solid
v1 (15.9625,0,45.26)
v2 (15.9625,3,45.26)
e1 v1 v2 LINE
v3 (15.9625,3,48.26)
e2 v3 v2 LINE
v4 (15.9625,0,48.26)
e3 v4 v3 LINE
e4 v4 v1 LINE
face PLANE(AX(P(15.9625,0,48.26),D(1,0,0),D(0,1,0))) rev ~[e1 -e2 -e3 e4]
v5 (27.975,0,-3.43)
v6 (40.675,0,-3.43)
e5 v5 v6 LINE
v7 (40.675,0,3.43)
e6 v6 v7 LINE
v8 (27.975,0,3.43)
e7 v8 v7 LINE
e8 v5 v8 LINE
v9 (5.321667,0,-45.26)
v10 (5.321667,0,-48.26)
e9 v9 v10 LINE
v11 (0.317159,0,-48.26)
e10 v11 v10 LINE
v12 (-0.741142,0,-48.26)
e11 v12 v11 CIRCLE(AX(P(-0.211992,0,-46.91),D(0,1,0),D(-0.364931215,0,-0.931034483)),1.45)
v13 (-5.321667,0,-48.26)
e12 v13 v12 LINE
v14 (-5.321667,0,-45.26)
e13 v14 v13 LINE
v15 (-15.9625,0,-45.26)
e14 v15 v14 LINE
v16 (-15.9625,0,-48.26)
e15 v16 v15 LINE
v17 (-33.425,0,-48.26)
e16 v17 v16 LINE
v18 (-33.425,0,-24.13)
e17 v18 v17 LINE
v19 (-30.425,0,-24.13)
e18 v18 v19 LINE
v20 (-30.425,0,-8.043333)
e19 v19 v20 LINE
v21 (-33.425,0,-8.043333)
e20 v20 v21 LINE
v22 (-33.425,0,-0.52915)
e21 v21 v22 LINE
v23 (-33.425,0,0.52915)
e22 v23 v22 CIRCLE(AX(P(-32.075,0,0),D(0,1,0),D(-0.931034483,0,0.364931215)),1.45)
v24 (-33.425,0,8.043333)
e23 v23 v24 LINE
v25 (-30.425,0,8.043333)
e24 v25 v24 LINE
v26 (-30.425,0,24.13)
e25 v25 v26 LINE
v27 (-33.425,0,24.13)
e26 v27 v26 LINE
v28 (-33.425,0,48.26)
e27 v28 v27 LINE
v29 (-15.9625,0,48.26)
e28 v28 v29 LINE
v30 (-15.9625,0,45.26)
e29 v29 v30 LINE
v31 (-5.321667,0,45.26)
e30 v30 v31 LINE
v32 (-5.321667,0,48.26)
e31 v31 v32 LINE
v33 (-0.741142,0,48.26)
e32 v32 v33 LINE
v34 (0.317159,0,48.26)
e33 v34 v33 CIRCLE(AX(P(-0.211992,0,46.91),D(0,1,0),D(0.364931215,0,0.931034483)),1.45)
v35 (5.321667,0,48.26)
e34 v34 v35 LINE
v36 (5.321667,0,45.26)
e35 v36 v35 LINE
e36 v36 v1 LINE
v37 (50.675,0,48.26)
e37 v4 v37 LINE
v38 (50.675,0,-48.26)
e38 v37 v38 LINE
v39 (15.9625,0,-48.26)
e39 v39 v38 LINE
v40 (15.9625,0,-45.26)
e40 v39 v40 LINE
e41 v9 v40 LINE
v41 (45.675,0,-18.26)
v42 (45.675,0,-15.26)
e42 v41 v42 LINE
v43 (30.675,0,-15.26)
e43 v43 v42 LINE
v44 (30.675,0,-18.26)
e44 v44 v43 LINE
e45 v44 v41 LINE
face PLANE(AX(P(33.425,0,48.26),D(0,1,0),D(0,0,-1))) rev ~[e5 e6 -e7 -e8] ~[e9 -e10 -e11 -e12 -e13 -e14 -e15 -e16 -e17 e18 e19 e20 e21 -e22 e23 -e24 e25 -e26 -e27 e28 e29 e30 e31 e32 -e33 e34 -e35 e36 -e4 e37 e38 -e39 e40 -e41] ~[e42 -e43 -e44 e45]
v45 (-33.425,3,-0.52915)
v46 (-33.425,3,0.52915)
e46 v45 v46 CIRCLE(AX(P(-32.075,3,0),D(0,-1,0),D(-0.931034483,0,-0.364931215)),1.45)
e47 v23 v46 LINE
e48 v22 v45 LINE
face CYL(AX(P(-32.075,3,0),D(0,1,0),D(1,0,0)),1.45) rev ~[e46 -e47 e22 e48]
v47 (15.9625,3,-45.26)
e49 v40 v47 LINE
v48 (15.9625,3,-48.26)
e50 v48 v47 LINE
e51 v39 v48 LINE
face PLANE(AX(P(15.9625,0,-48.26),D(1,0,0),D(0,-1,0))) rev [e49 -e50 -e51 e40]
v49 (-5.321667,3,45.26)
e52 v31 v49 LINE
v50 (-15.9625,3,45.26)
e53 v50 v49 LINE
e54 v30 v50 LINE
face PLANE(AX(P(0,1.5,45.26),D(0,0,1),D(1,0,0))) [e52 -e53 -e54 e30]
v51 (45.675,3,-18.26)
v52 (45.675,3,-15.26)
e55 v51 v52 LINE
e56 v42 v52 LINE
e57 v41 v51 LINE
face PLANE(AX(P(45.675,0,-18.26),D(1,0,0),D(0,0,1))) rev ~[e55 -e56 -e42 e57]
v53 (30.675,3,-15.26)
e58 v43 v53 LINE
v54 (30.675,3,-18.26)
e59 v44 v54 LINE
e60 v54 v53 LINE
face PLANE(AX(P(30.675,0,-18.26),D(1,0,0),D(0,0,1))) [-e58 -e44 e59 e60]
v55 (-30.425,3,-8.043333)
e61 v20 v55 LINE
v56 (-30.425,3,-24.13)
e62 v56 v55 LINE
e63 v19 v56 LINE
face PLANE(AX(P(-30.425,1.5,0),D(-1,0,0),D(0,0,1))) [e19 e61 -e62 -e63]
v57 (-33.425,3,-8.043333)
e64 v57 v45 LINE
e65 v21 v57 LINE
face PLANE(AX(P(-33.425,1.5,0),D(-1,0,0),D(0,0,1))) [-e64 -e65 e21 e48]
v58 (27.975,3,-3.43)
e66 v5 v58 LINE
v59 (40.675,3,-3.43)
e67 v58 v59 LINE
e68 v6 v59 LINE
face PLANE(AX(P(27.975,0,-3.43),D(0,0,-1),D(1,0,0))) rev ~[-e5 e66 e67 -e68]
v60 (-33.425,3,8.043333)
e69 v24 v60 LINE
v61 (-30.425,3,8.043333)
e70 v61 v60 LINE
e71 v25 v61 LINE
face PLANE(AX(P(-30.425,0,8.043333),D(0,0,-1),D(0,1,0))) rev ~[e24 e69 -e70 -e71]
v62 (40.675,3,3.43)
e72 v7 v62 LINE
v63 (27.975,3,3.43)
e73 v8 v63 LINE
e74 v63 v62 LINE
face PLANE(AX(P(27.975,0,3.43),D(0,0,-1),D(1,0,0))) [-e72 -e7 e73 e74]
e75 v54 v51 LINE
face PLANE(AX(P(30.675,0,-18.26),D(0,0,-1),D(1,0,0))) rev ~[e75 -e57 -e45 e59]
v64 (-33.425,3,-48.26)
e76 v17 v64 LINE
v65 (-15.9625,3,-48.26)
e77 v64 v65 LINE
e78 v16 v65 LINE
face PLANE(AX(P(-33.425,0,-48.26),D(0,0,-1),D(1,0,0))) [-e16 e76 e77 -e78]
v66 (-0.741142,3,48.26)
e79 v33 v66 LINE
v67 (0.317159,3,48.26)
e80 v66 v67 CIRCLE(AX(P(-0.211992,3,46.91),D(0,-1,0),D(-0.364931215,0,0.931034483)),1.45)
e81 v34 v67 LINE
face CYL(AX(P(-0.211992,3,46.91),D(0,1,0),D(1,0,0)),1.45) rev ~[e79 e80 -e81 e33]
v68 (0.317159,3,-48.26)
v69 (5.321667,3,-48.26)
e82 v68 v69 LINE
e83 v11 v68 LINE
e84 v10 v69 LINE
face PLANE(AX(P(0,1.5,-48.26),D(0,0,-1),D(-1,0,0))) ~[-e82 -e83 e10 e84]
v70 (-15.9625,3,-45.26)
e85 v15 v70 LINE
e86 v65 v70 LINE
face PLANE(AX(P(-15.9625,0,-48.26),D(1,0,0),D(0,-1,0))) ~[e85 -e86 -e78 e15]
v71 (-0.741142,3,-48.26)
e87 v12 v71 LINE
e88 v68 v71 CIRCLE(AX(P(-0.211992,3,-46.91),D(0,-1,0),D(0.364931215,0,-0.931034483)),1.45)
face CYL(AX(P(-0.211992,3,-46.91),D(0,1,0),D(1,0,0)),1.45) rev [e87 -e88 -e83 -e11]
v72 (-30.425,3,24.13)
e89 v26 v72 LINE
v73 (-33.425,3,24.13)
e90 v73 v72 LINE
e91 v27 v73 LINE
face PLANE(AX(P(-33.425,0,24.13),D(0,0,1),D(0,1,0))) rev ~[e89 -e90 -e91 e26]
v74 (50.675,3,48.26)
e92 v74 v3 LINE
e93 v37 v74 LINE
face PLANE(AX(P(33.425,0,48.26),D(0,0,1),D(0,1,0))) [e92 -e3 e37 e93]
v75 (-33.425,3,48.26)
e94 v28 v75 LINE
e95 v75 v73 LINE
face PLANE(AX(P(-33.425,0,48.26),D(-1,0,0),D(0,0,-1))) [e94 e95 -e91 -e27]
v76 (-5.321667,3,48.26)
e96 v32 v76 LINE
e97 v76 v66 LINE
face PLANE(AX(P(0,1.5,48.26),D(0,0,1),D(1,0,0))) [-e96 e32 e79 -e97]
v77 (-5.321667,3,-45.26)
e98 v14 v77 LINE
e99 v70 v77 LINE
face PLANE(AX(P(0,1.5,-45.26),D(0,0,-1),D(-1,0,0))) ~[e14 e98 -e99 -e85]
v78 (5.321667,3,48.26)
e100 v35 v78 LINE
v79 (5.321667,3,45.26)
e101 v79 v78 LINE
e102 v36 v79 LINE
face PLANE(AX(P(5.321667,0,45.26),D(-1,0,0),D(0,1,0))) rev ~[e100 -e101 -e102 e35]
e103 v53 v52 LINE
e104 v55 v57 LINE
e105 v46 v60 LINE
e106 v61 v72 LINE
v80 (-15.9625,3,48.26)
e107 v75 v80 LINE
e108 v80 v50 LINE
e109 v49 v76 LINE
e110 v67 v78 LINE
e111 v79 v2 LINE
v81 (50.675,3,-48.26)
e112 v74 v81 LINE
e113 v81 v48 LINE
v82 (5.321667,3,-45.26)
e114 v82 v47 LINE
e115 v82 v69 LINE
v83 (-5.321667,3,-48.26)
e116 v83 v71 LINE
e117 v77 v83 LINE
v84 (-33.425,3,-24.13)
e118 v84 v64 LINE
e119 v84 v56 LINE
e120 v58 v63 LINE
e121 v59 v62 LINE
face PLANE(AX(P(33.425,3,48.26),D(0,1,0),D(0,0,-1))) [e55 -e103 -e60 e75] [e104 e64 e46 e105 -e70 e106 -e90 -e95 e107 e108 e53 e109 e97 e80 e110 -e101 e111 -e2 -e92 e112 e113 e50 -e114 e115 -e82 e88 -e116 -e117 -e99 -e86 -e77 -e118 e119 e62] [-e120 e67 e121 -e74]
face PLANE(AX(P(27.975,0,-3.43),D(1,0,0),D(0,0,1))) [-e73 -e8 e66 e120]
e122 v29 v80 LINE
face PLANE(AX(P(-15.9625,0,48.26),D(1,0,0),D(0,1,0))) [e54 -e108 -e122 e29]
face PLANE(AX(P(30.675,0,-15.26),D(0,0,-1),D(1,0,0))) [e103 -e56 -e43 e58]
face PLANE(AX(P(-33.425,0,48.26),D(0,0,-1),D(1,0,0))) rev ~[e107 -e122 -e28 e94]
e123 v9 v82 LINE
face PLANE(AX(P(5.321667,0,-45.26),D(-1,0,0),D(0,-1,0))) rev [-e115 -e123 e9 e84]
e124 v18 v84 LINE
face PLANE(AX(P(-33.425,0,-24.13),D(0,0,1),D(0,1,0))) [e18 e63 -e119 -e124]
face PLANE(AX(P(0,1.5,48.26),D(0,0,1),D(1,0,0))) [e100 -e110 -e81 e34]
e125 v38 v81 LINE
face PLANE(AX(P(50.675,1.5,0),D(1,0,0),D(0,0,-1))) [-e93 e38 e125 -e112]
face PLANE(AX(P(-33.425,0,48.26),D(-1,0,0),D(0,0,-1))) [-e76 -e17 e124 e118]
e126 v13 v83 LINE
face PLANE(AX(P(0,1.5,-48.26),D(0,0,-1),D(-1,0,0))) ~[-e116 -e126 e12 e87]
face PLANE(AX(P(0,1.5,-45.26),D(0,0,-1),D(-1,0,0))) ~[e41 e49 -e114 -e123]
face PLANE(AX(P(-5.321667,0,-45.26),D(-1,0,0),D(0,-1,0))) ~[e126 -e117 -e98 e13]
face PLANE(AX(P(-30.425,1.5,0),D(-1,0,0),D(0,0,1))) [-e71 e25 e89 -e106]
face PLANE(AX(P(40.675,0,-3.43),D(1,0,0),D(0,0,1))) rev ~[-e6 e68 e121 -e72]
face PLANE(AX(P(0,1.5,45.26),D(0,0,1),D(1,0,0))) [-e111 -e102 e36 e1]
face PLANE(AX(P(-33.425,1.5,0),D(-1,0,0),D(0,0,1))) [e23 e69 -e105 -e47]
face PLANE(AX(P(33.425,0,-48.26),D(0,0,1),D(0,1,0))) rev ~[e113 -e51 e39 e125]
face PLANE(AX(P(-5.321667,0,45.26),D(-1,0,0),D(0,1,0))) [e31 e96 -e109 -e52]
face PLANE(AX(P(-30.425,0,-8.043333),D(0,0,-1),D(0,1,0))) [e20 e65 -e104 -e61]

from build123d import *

# Parameters (mm, degrees)
SKETCH1_W           = 66.85
SKETCH1_H           = 96.52
BOSS_EXTRUDE2_DEPTH = 3
SKETCH2_W           = 31.925
SKETCH2_H           = 3
CUT_EXTRUDE1_DEPTH  = 3
SKETCH3_W           = 48.26
SKETCH3_H           = 3
CUT_EXTRUDE2_DEPTH  = 3
SKETCH4_W           = 10.643333334
SKETCH4_H           = 3
BOSS_EXTRUDE3_DEPTH = 3
SKETCH5_W           = 16.086666666
SKETCH5_H           = 3
BOSS_EXTRUDE4_DEPTH = 3
SKETCH6_R           = 1.45
CUT_EXTRUDE10_DEPTH = 3
SKETCH7_R           = 1.45
CUT_EXTRUDE11_DEPTH = 3
SKETCH9_W           = 96.52
SKETCH9_H           = 3
BOSS_EXTRUDE5_DEPTH = 17.25
SKETCH10_W          = 12.7
SKETCH10_H          = 6.86
CUT_EXTRUDE12_DEPTH = 3
SKETCH12_W          = 15
SKETCH12_H          = 3
CUT_EXTRUDE14_DEPTH = 3


with BuildPart() as part:
    # Sketch1 → Boss-Extrude2 (new body)
    with BuildSketch(Plane(origin=(0, 0, 0), x_dir=(1, 0, 0), z_dir=(0, 1, 0))):
        Rectangle(SKETCH1_W, SKETCH1_H)
    extrude(amount=BOSS_EXTRUDE2_DEPTH)

    # Sketch2 → Cut-Extrude1 (cut)
    with BuildSketch(Plane.XY.offset(48.26)):
        with Locations((0, 1.5)):
            Rectangle(SKETCH2_W, SKETCH2_H)
    cut_extrude1 = extrude(amount=-CUT_EXTRUDE1_DEPTH, mode=Mode.SUBTRACT)

    # Mirror1: Cut-Extrude1 across plane
    add(cut_extrude1.mirror(Plane.XY), mode=Mode.SUBTRACT)

    # Sketch3 → Cut-Extrude2 (cut)
    with BuildSketch(Plane.ZY.offset(33.425)):
        with Locations((0, 1.5)):
            Rectangle(SKETCH3_W, SKETCH3_H)
    extrude(amount=-CUT_EXTRUDE2_DEPTH, mode=Mode.SUBTRACT)

    # Sketch4 → Boss-Extrude3 (add)
    with BuildSketch(Plane.XY.offset(45.26)):
        with Locations((0, 1.5)):
            Rectangle(SKETCH4_W, SKETCH4_H)
    boss_extrude3 = extrude(amount=BOSS_EXTRUDE3_DEPTH)

    # Mirror2: Boss-Extrude3 across plane
    add(boss_extrude3.mirror(Plane.XY))

    # Sketch5 → Boss-Extrude4 (add)
    with BuildSketch(Plane.ZY.offset(30.425)):
        with Locations((0, 1.5)):
            Rectangle(SKETCH5_W, SKETCH5_H)
    extrude(amount=BOSS_EXTRUDE4_DEPTH)

    # Sketch6 → Cut-Extrude10 (cut)
    with BuildSketch(Plane(origin=(0, 3, 0), x_dir=(1, 0, 0), z_dir=(0, 1, 0))):
        with Locations((-32.075, 0)):
            Circle(SKETCH6_R)
    extrude(amount=-CUT_EXTRUDE10_DEPTH, mode=Mode.SUBTRACT)

    # Sketch7 → Cut-Extrude11 (cut)
    with BuildSketch(Plane(origin=(0, 3, 0), x_dir=(1, 0, 0), z_dir=(0, 1, 0))):
        with Locations((-0.211991592, -46.91)):
            Circle(SKETCH7_R)
    cut_extrude11 = extrude(amount=-CUT_EXTRUDE11_DEPTH, mode=Mode.SUBTRACT)

    # Mirror3: Cut-Extrude11 across plane
    add(cut_extrude11.mirror(Plane.XY), mode=Mode.SUBTRACT)

    # Sketch9 → Boss-Extrude5 (add)
    with BuildSketch(Plane(origin=(33.425, 0, 0), x_dir=(0, 0, -1), z_dir=(1, 0, 0))):
        with Locations((0, 1.5)):
            Rectangle(SKETCH9_W, SKETCH9_H)
    extrude(amount=BOSS_EXTRUDE5_DEPTH)

    # Sketch10 → Cut-Extrude12 (cut)
    with BuildSketch(Plane.XZ):
        with Locations((34.325, 0)):
            Rectangle(SKETCH10_W, SKETCH10_H)
    extrude(amount=-CUT_EXTRUDE12_DEPTH, mode=Mode.SUBTRACT)

    # Sketch12 → Cut-Extrude14 (cut)
    with BuildSketch(Plane.XZ):
        with Locations((38.175, -16.76)):
            Rectangle(SKETCH12_W, SKETCH12_H)
    extrude(amount=-CUT_EXTRUDE14_DEPTH, mode=Mode.SUBTRACT)


solid = part.part
